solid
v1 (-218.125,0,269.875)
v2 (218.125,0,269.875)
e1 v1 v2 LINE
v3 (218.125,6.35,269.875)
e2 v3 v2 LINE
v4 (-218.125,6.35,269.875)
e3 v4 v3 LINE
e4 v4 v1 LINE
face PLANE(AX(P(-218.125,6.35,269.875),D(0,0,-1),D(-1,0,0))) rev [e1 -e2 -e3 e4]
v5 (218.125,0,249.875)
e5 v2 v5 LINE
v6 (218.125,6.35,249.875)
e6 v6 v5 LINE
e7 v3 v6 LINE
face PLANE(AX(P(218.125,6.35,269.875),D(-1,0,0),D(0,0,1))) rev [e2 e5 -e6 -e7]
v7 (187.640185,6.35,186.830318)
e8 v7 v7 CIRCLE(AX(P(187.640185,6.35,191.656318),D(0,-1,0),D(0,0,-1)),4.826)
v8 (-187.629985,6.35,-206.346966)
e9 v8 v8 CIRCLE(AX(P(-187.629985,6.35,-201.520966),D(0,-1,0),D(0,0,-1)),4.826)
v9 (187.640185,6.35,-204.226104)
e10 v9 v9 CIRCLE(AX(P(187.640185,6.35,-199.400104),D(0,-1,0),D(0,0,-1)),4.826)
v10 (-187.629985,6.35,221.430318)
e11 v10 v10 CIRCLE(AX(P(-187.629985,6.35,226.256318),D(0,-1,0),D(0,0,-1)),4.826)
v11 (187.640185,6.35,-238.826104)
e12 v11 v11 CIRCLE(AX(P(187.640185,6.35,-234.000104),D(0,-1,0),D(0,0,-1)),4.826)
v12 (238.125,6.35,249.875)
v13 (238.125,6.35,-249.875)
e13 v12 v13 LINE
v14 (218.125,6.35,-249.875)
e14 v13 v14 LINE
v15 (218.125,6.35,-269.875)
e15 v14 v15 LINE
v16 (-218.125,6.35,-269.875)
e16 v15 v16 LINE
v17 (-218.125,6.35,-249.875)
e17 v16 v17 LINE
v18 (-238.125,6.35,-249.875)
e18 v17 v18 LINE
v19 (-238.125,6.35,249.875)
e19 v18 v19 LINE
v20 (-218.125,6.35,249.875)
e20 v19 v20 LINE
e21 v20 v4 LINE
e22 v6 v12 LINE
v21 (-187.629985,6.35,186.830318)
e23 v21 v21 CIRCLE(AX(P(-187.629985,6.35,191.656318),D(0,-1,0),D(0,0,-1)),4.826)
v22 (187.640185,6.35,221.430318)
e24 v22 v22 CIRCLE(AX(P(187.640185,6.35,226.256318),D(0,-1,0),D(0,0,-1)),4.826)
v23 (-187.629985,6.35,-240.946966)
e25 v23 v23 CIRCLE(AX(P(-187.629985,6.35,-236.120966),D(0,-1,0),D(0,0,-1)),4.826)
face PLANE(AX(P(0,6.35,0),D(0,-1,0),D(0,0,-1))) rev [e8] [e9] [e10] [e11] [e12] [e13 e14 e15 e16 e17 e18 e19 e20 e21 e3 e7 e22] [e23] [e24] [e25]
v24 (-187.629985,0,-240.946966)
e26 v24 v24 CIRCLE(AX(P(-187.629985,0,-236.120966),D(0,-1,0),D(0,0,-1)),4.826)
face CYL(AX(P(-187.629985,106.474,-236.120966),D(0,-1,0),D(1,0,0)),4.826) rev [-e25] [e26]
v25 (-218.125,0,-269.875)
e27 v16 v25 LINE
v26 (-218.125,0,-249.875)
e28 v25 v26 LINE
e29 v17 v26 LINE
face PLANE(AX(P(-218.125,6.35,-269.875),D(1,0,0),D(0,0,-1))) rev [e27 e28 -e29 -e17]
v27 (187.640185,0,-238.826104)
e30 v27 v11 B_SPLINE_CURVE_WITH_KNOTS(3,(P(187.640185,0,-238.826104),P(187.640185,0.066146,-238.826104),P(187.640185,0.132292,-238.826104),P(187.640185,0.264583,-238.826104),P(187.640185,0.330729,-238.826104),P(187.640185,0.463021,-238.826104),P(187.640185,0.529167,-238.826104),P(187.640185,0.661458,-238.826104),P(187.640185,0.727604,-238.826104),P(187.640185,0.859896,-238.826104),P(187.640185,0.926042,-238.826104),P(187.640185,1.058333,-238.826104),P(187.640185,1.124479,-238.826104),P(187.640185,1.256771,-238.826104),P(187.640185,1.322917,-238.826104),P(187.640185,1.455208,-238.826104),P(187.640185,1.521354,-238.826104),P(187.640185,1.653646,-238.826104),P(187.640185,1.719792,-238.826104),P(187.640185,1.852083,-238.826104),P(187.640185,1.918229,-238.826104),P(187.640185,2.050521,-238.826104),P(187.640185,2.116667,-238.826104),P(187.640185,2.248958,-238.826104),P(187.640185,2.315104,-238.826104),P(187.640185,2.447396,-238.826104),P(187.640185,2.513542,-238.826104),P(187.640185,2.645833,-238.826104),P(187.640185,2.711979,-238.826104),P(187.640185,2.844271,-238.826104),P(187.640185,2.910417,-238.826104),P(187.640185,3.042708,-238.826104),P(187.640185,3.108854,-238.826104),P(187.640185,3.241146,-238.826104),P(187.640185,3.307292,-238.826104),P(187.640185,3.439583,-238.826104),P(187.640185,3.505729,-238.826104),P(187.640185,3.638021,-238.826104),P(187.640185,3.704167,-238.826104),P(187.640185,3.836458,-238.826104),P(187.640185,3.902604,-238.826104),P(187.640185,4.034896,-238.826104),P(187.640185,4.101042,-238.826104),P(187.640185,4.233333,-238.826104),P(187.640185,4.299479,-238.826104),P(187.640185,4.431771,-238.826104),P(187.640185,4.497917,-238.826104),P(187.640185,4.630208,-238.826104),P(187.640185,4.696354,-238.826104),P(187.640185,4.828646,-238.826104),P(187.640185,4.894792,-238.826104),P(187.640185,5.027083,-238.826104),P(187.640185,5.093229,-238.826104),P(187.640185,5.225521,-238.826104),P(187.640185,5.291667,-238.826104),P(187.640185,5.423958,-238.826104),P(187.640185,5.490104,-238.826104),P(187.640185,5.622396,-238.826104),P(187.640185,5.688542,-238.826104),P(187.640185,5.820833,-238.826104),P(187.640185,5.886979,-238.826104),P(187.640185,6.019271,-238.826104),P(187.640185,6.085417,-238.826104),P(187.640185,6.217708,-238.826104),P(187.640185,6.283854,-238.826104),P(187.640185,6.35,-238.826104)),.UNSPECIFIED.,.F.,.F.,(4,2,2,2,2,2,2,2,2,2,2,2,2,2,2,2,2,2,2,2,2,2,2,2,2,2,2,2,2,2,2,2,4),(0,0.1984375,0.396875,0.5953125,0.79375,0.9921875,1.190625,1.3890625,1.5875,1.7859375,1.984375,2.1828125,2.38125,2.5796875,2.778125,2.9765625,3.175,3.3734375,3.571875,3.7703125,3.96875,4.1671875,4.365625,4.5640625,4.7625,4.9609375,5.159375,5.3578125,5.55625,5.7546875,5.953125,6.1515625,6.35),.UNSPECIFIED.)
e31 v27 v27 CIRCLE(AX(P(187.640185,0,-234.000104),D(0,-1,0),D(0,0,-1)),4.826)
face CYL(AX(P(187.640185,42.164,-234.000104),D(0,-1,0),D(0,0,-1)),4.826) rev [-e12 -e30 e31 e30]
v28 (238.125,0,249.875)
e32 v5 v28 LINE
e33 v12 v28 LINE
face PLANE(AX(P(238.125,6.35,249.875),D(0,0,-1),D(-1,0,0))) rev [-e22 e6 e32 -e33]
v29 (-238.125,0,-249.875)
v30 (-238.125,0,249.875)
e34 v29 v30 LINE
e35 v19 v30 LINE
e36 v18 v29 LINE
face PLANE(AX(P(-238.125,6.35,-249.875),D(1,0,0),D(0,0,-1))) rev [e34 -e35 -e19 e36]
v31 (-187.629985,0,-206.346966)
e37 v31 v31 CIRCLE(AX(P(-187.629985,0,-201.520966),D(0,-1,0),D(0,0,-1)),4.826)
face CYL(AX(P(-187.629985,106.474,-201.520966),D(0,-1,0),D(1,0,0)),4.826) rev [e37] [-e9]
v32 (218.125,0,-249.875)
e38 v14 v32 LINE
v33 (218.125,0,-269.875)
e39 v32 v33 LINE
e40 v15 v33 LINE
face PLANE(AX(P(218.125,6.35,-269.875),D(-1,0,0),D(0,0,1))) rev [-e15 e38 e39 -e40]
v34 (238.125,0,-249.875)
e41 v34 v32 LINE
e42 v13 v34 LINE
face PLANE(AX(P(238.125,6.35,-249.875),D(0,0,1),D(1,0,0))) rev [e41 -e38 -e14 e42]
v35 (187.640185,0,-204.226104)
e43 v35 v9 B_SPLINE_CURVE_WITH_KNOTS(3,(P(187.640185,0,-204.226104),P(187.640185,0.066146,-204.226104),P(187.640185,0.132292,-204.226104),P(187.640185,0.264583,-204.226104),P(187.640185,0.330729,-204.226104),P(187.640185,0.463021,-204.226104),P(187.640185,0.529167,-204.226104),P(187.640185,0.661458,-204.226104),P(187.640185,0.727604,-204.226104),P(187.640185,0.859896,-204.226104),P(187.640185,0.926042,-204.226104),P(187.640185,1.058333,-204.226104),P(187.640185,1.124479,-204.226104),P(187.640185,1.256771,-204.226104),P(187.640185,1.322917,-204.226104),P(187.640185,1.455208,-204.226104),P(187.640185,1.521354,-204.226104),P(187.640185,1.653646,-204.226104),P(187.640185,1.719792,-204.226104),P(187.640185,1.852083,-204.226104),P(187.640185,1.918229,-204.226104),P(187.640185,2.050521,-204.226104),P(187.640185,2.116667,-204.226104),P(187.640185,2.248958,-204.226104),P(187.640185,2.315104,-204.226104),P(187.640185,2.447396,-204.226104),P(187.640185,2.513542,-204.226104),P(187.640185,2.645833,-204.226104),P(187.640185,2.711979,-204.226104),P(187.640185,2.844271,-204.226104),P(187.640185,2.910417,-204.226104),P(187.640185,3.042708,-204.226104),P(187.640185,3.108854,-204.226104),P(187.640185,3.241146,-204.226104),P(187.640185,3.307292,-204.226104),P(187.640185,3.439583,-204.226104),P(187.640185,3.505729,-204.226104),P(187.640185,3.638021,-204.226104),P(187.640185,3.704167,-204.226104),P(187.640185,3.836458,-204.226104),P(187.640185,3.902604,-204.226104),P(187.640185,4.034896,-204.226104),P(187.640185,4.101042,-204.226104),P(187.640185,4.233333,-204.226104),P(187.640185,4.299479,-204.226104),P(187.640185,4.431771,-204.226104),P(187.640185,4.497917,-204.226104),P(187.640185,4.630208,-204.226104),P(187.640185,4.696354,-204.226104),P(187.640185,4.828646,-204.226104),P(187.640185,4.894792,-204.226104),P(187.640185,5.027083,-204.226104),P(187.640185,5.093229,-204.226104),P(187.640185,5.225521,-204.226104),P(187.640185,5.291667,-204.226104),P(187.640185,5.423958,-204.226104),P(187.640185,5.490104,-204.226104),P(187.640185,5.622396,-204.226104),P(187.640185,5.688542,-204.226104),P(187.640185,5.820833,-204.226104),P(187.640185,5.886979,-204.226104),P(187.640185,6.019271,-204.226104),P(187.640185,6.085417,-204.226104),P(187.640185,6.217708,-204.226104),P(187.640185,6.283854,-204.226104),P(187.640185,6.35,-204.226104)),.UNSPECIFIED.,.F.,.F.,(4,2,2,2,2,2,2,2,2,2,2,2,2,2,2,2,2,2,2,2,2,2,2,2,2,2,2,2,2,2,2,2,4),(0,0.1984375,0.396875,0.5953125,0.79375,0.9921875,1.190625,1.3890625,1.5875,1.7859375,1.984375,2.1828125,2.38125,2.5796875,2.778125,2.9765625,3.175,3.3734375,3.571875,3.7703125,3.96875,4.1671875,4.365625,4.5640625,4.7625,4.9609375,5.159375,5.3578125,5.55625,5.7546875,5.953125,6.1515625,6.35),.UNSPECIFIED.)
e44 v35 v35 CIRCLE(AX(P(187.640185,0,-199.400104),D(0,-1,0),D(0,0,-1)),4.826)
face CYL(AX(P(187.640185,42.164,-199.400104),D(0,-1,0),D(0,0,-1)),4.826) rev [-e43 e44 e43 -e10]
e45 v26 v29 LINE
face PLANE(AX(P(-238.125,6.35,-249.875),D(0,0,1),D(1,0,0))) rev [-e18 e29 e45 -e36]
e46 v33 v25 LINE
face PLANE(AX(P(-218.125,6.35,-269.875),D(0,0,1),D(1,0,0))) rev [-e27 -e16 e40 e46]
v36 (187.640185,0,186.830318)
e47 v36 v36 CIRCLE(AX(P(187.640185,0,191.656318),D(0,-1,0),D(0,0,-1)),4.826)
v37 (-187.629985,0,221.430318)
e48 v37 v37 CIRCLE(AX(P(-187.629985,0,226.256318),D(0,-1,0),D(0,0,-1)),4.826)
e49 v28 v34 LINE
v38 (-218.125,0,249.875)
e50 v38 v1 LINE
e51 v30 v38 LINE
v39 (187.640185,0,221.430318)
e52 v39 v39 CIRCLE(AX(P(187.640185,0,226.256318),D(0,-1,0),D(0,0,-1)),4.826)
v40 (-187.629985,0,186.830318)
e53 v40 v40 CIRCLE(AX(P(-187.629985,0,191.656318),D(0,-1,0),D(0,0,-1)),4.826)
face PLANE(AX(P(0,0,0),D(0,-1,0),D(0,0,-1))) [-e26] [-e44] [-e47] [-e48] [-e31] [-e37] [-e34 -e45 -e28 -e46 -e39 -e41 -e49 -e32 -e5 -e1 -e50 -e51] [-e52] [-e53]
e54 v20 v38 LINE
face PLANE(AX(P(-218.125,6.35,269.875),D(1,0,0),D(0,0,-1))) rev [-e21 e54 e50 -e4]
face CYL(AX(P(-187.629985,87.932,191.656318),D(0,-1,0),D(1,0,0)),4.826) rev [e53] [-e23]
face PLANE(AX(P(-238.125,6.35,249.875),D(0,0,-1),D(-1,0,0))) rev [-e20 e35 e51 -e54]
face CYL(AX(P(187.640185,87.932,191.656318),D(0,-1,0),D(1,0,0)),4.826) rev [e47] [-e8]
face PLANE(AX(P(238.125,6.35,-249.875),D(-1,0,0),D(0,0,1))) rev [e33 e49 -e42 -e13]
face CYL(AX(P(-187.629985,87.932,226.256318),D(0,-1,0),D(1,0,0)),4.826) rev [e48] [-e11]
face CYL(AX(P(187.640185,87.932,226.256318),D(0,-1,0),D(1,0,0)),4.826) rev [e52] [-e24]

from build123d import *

# Parameters (mm, degrees)
BOSS_EXTRUDE4_DEPTH = 6.35
SKETCH4_R           = 4.826
CUT_EXTRUDE1_DEPTH  = 109.474
SKETCH5_R           = 4.826
CUT_EXTRUDE2_DEPTH  = 42.164
SKETCH6_R           = 4.826
CUT_EXTRUDE3_DEPTH  = 90.932
SKETCH7_R           = 4.826
CUT_EXTRUDE4_DEPTH  = 90.932


with BuildPart() as part:
    # Sketch1 → Boss-Extrude4 (new body)
    with BuildSketch(Plane(origin=(0, 0, 0), x_dir=(1, 0, 0), z_dir=(0, 1, 0))):
        Polygon((-218.125, 269.875), (218.125, 269.875), (218.125, 249.875), (238.125, 249.875), (238.125, -249.875), (218.125, -249.875), (218.125, -269.875), (-218.125, -269.875), (-218.125, -249.875), (-238.125, -249.875), (-238.125, 249.875), (-218.125, 249.875), align=None)
    extrude(amount=BOSS_EXTRUDE4_DEPTH)

    # Sketch4 → Cut-Extrude1 (cut)
    with BuildSketch(Plane(origin=(-189.734229067, -3, -427.845388044), x_dir=(1, 0, 0), z_dir=(0, -1, 0))):
        with Locations(Location((2.104243746, 226.324422281, 0), (0, 0, 270))):
            Circle(SKETCH4_R)
        with Locations(Location((2.104243746, 191.724422281, 0), (0, 0, 270))):
            Circle(SKETCH4_R)
    extrude(amount=-CUT_EXTRUDE1_DEPTH, mode=Mode.SUBTRACT)

    # Sketch5 → Cut-Extrude2 (cut)
    with BuildSketch(Plane(origin=(-189.734229067, 0, -427.845388044), x_dir=(-1, 0, 0), z_dir=(0, -1, 0))):
        with Locations(Location((-377.374414389, -228.445283948, 0), (0, 0, 90))):
            Circle(SKETCH5_R)
        with Locations(Location((-377.374414389, -193.845283948, 0), (0, 0, 90))):
            Circle(SKETCH5_R)
    extrude(amount=-CUT_EXTRUDE2_DEPTH, mode=Mode.SUBTRACT)

    # Sketch6 → Cut-Extrude3 (cut)
    with BuildSketch(Plane(origin=(-189.734229067, -3, -427.845388044), x_dir=(1, 0, 0), z_dir=(0, -1, 0))):
        with Locations(Location((2.104243746, 654.101705956, 0), (0, 0, 270))):
            Circle(SKETCH6_R)
        with Locations(Location((2.104243746, 619.501705956, 0), (0, 0, 270))):
            Circle(SKETCH6_R)
    extrude(amount=-CUT_EXTRUDE3_DEPTH, mode=Mode.SUBTRACT)

    # Sketch7 → Cut-Extrude4 (cut)
    with BuildSketch(Plane(origin=(-189.734229067, -3, -427.845388044), x_dir=(1, 0, 0), z_dir=(0, -1, 0))):
        with Locations(Location((377.374414389, 654.101705956, 0), (0, 0, 270))):
            Circle(SKETCH7_R)
        with Locations(Location((377.374414389, 619.501705956, 0), (0, 0, 270))):
            Circle(SKETCH7_R)
    extrude(amount=-CUT_EXTRUDE4_DEPTH, mode=Mode.SUBTRACT)


solid = part.part
